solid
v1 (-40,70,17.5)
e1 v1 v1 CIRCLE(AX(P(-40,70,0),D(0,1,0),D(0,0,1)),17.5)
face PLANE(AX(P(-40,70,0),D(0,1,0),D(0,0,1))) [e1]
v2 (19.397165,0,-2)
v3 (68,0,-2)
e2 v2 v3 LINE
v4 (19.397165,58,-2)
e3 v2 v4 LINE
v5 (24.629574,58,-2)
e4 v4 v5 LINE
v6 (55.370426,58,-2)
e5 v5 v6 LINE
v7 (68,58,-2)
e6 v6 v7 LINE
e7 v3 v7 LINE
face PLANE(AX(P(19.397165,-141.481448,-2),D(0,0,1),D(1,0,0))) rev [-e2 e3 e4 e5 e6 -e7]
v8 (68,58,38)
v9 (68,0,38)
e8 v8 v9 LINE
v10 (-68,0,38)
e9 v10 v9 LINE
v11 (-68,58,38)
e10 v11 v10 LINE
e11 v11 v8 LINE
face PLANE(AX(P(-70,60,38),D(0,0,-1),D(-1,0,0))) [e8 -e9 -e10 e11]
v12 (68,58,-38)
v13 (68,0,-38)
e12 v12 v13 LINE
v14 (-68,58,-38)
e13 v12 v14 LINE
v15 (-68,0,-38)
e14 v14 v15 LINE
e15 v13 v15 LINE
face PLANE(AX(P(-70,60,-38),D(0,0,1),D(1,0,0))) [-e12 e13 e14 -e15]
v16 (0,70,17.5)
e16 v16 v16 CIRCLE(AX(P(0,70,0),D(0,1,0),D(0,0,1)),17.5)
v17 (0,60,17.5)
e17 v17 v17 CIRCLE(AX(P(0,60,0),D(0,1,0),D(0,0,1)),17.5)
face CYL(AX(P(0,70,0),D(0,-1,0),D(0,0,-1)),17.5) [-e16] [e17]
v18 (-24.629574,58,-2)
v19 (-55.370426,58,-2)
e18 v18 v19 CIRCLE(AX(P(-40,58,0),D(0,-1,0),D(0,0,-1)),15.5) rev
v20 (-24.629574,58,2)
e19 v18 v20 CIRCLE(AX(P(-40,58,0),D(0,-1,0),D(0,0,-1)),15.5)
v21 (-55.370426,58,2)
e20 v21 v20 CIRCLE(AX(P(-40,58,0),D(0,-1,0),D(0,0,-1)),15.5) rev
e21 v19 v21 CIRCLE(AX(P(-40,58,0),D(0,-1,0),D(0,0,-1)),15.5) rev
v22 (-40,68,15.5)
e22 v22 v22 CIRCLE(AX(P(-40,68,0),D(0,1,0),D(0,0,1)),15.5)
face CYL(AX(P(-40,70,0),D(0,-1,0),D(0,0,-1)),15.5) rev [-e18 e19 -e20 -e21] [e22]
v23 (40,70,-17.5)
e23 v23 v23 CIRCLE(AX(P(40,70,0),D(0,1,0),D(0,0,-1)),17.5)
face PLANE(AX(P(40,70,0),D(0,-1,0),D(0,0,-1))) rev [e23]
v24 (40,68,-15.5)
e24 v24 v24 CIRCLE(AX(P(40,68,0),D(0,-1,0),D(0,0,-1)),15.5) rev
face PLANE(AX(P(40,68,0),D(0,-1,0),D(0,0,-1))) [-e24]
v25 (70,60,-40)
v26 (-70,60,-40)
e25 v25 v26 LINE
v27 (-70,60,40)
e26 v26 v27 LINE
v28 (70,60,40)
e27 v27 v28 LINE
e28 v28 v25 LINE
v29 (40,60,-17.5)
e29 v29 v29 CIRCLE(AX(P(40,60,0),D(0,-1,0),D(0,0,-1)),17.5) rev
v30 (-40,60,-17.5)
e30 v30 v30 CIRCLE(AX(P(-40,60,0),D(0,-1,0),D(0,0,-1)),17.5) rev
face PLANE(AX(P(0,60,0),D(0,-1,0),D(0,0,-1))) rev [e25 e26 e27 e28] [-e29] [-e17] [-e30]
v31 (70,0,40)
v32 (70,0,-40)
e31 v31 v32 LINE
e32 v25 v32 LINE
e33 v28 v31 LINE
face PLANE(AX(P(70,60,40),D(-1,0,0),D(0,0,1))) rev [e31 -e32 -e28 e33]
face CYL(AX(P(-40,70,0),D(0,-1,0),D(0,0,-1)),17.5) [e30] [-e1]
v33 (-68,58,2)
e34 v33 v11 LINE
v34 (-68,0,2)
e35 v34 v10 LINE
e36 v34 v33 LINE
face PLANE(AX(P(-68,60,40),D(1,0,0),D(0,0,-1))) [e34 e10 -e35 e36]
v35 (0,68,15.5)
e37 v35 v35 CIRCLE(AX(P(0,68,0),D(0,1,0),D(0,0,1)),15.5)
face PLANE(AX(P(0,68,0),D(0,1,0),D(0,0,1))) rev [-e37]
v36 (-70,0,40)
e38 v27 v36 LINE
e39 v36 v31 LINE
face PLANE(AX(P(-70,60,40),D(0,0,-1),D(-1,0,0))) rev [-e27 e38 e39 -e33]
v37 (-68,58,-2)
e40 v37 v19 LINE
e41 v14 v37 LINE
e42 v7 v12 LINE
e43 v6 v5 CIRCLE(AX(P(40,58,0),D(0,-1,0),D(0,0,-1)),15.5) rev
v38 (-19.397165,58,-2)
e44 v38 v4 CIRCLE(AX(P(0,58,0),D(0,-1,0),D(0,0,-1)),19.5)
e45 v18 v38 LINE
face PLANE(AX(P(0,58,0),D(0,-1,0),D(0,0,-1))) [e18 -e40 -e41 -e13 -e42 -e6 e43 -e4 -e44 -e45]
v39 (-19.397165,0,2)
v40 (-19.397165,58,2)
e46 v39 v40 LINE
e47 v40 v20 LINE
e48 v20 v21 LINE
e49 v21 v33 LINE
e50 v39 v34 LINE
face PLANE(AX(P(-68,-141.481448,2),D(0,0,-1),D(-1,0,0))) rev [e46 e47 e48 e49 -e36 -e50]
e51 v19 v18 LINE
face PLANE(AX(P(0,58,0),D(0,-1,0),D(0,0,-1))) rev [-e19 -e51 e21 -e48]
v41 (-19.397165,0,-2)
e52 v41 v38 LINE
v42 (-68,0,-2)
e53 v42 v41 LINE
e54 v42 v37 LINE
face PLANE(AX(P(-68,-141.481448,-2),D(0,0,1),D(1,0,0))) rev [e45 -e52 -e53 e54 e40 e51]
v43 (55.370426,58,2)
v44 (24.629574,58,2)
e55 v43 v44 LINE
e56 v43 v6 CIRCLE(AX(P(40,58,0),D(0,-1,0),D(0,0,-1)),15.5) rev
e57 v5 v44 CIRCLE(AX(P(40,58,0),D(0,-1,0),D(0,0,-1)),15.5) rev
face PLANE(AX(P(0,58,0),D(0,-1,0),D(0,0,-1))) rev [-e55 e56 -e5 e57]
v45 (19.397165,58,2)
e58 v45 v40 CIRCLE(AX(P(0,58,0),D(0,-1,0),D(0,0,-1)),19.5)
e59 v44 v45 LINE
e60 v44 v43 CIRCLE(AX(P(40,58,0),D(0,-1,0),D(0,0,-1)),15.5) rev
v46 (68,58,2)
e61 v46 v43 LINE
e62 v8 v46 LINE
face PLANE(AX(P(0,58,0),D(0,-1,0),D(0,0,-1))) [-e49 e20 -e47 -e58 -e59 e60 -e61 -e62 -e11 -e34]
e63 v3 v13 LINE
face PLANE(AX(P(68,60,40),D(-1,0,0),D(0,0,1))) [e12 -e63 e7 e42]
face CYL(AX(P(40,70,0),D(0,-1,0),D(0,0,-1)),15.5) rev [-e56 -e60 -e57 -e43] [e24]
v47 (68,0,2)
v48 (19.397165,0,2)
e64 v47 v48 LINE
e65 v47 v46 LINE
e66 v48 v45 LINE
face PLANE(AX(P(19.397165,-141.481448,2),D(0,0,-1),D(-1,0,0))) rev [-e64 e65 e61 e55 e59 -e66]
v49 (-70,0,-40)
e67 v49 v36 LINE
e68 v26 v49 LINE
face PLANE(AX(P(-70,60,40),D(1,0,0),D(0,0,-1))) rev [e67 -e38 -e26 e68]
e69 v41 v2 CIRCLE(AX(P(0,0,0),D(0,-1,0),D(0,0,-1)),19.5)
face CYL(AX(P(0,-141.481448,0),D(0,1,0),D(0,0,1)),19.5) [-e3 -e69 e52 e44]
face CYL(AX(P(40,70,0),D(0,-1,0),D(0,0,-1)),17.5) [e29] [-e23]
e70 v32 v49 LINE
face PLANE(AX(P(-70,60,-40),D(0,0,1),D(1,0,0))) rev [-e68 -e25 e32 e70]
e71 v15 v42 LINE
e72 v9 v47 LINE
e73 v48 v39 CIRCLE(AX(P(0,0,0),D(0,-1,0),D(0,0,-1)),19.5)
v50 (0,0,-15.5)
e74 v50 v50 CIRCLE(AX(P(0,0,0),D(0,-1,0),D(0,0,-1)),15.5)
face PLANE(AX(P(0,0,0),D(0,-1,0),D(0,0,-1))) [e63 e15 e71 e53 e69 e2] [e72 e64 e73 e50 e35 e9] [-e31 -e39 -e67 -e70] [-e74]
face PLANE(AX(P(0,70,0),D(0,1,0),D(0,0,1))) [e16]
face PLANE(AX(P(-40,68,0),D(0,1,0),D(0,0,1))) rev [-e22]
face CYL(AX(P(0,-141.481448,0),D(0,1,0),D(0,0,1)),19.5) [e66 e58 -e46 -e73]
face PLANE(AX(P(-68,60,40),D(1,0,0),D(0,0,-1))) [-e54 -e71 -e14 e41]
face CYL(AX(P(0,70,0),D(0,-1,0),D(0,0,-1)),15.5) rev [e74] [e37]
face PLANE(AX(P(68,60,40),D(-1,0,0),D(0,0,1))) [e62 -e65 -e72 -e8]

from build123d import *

# Parameters (mm, degrees)
CROQUIS1_W              = 140
CROQUIS1_H              = 80
SALIENTE_EXTRUIR1_DEPTH = 60
CROQUIS2_R              = 17.5
SALIENTE_EXTRUIR2_DEPTH = 10
VACIADO1_T              = -2
CROQUIS3_R              = 15.5
SALIENTE_EXTRUIR3_DEPTH = 58


with BuildPart() as part:
    # Croquis1 → Saliente-Extruir1 (new body)
    with BuildSketch(Plane(origin=(0, 0, 0), x_dir=(1, 0, 0), z_dir=(0, 1, 0))):
        Rectangle(CROQUIS1_W, CROQUIS1_H)
    extrude(amount=SALIENTE_EXTRUIR1_DEPTH)

    # Croquis2 → Saliente-Extruir2 (add)
    with BuildSketch(Plane(origin=(0, 60, 0), x_dir=(1, 0, 0), z_dir=(0, 1, 0))):
        with Locations(Location((0, 0, 0), (0, 0, 270))):  # turned: the seam where the file's is
            Circle(CROQUIS2_R)
        with Locations(Location((-40, 0, 0), (0, 0, 90))):  # turned: the seam where the file's is
            Circle(CROQUIS2_R)
        with Locations(Location((40, 0, 0), (0, 0, 90))):  # turned: the seam where the file's is
            Circle(CROQUIS2_R)
    extrude(amount=SALIENTE_EXTRUIR2_DEPTH)

    # Vaciado1
    vaciado1_openings = [part.faces().sort_by_distance(p)[0] for p in [
        (0, 0, 0),
    ]]
    offset(amount=VACIADO1_T, openings=vaciado1_openings, kind=Kind.INTERSECTION)

    # Croquis3 → Saliente-Extruir3 (add)
    with BuildSketch(Plane.XZ.offset(-58)):
        with BuildLine():
            Line((-68, -2), (-19.397164741, -2))
            ThreePointArc((-19.397164741, -2), (0, -19.5), (19.397164741, -2))
            Line((19.397164741, -2), (68, -2))
            Line((68, -2), (68, 2))
            Line((68, 2), (19.397164741, 2))
            ThreePointArc((19.397164741, 2), (0, 19.5), (-19.397164741, 2))
            Line((-19.397164741, 2), (-68, 2))
            Line((-68, 2), (-68, -2))
        make_face()
        with Locations(Location((0, 0, 0), (0, 0, 270))):  # turned: the seam where the file's is
            Circle(CROQUIS3_R, mode=Mode.SUBTRACT)
    extrude(amount=SALIENTE_EXTRUIR3_DEPTH)


solid = part.part
